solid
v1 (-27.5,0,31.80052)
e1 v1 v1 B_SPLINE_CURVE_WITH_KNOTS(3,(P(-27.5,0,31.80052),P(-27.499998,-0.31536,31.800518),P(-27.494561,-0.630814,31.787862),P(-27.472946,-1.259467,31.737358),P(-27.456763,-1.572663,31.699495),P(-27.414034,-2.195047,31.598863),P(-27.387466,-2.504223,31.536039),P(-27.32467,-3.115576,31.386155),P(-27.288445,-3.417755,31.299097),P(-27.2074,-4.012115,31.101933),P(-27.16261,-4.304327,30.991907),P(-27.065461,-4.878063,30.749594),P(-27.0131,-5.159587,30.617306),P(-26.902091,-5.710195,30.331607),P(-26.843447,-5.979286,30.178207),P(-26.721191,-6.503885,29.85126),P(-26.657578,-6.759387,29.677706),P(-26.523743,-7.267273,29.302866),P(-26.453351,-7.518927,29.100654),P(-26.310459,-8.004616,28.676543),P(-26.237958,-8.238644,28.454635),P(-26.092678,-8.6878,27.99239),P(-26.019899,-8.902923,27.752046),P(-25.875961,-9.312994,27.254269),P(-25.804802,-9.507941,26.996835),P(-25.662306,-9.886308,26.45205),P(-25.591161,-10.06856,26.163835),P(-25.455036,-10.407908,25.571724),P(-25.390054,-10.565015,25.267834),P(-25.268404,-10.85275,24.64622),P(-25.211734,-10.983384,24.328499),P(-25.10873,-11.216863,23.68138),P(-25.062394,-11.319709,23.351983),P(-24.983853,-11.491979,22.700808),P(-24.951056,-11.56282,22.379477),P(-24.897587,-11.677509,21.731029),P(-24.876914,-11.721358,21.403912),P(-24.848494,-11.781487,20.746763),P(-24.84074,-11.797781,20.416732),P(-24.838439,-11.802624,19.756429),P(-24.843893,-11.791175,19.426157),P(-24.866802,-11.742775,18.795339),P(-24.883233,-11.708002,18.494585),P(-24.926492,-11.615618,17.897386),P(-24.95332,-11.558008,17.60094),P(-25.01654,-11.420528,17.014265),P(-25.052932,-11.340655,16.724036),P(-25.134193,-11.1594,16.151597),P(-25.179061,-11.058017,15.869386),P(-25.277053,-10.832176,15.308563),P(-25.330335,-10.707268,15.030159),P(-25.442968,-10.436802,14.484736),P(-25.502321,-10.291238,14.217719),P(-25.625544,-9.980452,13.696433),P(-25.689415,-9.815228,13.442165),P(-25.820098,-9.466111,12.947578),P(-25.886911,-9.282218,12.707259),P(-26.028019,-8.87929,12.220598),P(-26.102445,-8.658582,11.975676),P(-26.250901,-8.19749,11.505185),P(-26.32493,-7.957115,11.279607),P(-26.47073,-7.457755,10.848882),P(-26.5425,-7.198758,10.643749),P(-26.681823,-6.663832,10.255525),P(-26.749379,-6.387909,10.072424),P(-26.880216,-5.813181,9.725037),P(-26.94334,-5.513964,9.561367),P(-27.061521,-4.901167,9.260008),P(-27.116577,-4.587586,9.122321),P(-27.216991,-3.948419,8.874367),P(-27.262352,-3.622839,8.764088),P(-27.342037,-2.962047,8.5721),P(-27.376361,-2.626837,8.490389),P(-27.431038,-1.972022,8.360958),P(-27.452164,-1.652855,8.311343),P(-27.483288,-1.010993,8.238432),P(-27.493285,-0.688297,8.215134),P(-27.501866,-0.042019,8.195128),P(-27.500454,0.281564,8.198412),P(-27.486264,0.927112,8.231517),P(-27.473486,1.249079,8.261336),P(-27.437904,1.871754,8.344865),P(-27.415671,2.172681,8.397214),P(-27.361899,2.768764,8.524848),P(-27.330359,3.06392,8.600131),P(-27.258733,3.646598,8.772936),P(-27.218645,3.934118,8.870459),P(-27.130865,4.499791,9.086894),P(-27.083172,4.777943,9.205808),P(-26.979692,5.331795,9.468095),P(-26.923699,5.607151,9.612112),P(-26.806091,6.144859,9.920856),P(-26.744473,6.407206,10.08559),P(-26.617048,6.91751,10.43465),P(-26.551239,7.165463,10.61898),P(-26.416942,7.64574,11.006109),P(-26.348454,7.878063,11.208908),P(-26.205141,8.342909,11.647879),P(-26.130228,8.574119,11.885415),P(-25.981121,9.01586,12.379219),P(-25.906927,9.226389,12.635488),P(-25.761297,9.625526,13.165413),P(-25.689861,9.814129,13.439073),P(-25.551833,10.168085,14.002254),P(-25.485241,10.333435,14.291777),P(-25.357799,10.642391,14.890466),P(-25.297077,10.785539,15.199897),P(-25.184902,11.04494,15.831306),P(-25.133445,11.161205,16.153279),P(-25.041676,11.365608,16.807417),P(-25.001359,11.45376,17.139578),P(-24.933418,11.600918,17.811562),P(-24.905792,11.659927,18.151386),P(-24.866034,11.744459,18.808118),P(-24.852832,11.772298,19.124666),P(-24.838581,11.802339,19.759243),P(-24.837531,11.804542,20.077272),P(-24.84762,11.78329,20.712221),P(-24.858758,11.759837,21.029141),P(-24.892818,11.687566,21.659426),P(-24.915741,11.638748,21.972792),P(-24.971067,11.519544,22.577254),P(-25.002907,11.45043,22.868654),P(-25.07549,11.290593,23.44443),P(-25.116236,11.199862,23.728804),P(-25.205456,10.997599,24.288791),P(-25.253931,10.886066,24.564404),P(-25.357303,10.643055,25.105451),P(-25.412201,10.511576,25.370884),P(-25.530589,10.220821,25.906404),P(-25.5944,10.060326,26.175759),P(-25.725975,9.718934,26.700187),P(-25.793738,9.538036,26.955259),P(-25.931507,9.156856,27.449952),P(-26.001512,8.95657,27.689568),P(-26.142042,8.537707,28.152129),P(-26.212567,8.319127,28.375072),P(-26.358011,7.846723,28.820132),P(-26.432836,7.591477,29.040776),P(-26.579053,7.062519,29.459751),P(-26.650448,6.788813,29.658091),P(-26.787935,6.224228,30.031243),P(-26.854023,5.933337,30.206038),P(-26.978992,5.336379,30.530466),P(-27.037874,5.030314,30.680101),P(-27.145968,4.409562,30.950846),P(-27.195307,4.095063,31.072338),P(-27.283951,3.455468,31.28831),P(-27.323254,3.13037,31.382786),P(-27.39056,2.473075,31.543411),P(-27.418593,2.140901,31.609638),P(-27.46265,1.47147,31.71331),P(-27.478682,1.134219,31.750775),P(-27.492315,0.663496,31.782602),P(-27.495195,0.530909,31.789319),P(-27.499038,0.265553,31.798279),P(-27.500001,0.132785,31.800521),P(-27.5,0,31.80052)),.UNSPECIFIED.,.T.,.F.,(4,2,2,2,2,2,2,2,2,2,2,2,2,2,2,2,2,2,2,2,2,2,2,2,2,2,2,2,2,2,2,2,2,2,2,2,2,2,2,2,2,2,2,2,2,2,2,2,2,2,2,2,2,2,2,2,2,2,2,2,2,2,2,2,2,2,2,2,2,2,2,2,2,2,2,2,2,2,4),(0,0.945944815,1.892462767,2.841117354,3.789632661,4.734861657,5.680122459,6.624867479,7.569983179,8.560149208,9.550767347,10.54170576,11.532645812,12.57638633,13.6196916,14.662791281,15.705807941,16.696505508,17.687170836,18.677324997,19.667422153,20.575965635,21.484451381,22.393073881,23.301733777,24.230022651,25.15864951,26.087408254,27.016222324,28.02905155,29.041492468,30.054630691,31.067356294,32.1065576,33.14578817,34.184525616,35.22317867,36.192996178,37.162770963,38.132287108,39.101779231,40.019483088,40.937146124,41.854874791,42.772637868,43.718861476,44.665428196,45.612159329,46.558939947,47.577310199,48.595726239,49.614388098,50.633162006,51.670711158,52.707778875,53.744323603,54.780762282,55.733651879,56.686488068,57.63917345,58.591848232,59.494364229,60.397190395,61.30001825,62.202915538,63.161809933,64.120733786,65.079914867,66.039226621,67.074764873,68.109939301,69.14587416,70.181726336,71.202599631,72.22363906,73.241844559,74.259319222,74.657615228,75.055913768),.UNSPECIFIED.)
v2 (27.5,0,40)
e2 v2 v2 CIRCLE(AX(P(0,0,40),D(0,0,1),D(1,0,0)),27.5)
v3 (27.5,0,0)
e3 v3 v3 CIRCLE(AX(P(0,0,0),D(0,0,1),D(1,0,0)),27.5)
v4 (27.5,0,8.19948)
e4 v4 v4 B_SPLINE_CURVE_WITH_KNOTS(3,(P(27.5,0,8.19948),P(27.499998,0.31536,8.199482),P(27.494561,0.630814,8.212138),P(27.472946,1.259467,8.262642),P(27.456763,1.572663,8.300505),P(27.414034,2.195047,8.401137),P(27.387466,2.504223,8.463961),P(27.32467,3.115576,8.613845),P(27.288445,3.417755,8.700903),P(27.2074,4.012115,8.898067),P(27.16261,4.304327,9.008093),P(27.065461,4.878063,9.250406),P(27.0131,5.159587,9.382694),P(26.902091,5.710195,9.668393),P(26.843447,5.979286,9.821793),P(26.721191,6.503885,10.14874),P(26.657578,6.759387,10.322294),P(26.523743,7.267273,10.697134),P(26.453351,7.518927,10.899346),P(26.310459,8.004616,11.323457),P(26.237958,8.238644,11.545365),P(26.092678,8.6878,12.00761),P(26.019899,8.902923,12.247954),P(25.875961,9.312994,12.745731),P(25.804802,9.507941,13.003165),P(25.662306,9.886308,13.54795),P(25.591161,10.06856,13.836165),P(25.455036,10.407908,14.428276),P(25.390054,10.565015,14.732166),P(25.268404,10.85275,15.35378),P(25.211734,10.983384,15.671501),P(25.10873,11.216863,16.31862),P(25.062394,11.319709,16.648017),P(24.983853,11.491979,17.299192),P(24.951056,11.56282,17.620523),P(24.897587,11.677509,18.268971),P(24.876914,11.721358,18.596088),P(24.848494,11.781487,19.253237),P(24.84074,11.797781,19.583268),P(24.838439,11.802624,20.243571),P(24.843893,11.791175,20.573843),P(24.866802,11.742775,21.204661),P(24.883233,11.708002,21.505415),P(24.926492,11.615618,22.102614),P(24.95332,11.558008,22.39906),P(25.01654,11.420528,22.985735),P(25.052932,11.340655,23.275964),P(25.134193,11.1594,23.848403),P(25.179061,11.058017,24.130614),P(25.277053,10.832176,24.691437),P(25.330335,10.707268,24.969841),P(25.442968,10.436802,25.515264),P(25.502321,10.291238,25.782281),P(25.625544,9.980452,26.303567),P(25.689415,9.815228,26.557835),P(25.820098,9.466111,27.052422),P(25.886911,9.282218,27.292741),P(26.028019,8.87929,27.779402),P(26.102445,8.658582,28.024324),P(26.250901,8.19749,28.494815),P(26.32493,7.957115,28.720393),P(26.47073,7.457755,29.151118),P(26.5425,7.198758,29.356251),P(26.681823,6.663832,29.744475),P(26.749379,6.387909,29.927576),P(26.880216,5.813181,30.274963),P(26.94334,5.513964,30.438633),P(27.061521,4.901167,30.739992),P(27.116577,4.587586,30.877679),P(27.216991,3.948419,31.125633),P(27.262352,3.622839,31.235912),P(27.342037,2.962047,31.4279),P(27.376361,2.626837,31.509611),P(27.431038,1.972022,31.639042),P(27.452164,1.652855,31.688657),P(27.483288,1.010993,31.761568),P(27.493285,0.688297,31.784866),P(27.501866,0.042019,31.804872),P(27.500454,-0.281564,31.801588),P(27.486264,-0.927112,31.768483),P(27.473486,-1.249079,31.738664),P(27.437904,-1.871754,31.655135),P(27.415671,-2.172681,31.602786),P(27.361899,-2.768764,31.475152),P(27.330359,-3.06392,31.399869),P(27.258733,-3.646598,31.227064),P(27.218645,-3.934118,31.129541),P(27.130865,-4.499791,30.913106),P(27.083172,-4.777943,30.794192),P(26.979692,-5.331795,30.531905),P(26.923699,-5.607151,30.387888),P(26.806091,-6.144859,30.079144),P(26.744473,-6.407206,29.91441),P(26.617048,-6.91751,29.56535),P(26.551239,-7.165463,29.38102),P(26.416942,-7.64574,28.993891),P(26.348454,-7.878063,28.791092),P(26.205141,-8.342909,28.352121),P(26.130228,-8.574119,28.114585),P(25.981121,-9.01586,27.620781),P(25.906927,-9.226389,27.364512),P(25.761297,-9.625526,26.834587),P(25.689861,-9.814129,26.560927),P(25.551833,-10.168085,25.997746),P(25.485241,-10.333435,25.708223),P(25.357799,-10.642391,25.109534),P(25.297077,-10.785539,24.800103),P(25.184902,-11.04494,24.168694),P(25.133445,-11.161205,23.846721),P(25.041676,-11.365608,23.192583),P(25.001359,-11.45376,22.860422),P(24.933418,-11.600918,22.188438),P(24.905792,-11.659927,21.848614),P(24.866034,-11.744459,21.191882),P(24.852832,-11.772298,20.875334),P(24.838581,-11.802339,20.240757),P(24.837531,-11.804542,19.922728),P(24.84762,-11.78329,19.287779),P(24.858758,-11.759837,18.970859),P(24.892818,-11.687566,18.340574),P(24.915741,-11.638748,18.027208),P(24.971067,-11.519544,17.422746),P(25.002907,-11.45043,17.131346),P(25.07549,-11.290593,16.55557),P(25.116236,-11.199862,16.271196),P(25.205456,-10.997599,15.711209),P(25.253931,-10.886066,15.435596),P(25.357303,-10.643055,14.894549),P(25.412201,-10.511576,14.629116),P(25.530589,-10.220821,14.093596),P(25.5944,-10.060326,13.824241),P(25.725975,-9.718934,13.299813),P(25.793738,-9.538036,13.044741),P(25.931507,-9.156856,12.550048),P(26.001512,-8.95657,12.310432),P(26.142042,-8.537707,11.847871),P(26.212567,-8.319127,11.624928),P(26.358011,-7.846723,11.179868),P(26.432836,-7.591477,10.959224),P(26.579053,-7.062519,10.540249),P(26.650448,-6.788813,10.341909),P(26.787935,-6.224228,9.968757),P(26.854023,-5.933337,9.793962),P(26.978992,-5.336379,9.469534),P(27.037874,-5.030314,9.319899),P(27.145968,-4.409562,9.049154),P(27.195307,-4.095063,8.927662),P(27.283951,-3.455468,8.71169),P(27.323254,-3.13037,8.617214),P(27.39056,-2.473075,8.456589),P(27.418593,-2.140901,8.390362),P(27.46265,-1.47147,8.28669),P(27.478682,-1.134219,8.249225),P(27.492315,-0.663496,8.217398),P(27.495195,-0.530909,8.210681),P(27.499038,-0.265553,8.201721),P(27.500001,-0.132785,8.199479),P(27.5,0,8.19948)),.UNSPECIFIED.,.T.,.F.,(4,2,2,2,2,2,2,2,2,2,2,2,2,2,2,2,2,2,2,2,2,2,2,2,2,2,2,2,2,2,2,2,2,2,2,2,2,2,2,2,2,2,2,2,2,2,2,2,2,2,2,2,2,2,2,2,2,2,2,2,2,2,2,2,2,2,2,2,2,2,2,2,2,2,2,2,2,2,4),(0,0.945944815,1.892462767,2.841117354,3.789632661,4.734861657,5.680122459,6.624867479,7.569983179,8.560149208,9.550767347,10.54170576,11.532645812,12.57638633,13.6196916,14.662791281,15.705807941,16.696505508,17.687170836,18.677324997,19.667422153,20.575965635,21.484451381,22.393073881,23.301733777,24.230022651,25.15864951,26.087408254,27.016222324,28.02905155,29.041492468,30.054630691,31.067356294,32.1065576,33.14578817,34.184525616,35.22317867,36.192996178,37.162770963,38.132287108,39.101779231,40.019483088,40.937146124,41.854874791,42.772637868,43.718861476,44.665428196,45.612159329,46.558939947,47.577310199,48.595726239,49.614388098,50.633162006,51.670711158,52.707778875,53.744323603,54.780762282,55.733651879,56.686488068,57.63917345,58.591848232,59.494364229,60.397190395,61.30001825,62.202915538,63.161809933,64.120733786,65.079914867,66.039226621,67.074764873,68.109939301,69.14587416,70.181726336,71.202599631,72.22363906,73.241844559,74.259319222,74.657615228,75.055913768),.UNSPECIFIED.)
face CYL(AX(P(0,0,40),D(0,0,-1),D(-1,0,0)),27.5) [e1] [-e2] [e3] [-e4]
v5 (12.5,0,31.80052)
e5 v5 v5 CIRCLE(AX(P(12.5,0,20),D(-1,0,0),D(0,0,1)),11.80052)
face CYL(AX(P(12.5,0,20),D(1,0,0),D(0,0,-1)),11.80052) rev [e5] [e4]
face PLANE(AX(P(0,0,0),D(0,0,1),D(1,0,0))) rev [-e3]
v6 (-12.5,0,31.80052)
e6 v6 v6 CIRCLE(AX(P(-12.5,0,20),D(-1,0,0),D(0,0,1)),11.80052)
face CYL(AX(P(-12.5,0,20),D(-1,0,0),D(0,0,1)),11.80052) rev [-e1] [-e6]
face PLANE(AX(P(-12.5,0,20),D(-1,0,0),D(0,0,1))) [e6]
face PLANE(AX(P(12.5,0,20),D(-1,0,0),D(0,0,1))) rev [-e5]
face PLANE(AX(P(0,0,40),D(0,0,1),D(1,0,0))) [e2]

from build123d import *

# Parameters (mm, degrees)
CROQUIS1_R              = 27.5
SALIENTE_EXTRUIR1_DEPTH = 40
CROQUIS2_R              = 11.800520357
CORTAR_EXTRUIR1_DEPTH   = 15
CORTAR_EXTRUIR4_START   = 15
CROQUIS3_R              = 11.800520357
CORTAR_EXTRUIR4_DEPTH   = 15


with BuildPart() as part:
    # Croquis1 → Saliente-Extruir1 (new body)
    with BuildSketch(Plane.XY):
        Circle(CROQUIS1_R)
    extrude(amount=SALIENTE_EXTRUIR1_DEPTH)

    # Croquis2 → Cortar-Extruir1 (cut)
    with BuildSketch(Plane.ZY.offset(27.5)):
        with Locations((20, 0)):
            Circle(CROQUIS2_R)
    extrude(amount=-CORTAR_EXTRUIR1_DEPTH, mode=Mode.SUBTRACT)

    # Croquis3 → Cortar-Extruir4 (cut)
    with BuildSketch(Plane.ZY.offset(-27.5).offset(CORTAR_EXTRUIR4_START)):
        with Locations((20, 0)):
            Circle(CROQUIS3_R)
    extrude(amount=-CORTAR_EXTRUIR4_DEPTH, mode=Mode.SUBTRACT)


solid = part.part
